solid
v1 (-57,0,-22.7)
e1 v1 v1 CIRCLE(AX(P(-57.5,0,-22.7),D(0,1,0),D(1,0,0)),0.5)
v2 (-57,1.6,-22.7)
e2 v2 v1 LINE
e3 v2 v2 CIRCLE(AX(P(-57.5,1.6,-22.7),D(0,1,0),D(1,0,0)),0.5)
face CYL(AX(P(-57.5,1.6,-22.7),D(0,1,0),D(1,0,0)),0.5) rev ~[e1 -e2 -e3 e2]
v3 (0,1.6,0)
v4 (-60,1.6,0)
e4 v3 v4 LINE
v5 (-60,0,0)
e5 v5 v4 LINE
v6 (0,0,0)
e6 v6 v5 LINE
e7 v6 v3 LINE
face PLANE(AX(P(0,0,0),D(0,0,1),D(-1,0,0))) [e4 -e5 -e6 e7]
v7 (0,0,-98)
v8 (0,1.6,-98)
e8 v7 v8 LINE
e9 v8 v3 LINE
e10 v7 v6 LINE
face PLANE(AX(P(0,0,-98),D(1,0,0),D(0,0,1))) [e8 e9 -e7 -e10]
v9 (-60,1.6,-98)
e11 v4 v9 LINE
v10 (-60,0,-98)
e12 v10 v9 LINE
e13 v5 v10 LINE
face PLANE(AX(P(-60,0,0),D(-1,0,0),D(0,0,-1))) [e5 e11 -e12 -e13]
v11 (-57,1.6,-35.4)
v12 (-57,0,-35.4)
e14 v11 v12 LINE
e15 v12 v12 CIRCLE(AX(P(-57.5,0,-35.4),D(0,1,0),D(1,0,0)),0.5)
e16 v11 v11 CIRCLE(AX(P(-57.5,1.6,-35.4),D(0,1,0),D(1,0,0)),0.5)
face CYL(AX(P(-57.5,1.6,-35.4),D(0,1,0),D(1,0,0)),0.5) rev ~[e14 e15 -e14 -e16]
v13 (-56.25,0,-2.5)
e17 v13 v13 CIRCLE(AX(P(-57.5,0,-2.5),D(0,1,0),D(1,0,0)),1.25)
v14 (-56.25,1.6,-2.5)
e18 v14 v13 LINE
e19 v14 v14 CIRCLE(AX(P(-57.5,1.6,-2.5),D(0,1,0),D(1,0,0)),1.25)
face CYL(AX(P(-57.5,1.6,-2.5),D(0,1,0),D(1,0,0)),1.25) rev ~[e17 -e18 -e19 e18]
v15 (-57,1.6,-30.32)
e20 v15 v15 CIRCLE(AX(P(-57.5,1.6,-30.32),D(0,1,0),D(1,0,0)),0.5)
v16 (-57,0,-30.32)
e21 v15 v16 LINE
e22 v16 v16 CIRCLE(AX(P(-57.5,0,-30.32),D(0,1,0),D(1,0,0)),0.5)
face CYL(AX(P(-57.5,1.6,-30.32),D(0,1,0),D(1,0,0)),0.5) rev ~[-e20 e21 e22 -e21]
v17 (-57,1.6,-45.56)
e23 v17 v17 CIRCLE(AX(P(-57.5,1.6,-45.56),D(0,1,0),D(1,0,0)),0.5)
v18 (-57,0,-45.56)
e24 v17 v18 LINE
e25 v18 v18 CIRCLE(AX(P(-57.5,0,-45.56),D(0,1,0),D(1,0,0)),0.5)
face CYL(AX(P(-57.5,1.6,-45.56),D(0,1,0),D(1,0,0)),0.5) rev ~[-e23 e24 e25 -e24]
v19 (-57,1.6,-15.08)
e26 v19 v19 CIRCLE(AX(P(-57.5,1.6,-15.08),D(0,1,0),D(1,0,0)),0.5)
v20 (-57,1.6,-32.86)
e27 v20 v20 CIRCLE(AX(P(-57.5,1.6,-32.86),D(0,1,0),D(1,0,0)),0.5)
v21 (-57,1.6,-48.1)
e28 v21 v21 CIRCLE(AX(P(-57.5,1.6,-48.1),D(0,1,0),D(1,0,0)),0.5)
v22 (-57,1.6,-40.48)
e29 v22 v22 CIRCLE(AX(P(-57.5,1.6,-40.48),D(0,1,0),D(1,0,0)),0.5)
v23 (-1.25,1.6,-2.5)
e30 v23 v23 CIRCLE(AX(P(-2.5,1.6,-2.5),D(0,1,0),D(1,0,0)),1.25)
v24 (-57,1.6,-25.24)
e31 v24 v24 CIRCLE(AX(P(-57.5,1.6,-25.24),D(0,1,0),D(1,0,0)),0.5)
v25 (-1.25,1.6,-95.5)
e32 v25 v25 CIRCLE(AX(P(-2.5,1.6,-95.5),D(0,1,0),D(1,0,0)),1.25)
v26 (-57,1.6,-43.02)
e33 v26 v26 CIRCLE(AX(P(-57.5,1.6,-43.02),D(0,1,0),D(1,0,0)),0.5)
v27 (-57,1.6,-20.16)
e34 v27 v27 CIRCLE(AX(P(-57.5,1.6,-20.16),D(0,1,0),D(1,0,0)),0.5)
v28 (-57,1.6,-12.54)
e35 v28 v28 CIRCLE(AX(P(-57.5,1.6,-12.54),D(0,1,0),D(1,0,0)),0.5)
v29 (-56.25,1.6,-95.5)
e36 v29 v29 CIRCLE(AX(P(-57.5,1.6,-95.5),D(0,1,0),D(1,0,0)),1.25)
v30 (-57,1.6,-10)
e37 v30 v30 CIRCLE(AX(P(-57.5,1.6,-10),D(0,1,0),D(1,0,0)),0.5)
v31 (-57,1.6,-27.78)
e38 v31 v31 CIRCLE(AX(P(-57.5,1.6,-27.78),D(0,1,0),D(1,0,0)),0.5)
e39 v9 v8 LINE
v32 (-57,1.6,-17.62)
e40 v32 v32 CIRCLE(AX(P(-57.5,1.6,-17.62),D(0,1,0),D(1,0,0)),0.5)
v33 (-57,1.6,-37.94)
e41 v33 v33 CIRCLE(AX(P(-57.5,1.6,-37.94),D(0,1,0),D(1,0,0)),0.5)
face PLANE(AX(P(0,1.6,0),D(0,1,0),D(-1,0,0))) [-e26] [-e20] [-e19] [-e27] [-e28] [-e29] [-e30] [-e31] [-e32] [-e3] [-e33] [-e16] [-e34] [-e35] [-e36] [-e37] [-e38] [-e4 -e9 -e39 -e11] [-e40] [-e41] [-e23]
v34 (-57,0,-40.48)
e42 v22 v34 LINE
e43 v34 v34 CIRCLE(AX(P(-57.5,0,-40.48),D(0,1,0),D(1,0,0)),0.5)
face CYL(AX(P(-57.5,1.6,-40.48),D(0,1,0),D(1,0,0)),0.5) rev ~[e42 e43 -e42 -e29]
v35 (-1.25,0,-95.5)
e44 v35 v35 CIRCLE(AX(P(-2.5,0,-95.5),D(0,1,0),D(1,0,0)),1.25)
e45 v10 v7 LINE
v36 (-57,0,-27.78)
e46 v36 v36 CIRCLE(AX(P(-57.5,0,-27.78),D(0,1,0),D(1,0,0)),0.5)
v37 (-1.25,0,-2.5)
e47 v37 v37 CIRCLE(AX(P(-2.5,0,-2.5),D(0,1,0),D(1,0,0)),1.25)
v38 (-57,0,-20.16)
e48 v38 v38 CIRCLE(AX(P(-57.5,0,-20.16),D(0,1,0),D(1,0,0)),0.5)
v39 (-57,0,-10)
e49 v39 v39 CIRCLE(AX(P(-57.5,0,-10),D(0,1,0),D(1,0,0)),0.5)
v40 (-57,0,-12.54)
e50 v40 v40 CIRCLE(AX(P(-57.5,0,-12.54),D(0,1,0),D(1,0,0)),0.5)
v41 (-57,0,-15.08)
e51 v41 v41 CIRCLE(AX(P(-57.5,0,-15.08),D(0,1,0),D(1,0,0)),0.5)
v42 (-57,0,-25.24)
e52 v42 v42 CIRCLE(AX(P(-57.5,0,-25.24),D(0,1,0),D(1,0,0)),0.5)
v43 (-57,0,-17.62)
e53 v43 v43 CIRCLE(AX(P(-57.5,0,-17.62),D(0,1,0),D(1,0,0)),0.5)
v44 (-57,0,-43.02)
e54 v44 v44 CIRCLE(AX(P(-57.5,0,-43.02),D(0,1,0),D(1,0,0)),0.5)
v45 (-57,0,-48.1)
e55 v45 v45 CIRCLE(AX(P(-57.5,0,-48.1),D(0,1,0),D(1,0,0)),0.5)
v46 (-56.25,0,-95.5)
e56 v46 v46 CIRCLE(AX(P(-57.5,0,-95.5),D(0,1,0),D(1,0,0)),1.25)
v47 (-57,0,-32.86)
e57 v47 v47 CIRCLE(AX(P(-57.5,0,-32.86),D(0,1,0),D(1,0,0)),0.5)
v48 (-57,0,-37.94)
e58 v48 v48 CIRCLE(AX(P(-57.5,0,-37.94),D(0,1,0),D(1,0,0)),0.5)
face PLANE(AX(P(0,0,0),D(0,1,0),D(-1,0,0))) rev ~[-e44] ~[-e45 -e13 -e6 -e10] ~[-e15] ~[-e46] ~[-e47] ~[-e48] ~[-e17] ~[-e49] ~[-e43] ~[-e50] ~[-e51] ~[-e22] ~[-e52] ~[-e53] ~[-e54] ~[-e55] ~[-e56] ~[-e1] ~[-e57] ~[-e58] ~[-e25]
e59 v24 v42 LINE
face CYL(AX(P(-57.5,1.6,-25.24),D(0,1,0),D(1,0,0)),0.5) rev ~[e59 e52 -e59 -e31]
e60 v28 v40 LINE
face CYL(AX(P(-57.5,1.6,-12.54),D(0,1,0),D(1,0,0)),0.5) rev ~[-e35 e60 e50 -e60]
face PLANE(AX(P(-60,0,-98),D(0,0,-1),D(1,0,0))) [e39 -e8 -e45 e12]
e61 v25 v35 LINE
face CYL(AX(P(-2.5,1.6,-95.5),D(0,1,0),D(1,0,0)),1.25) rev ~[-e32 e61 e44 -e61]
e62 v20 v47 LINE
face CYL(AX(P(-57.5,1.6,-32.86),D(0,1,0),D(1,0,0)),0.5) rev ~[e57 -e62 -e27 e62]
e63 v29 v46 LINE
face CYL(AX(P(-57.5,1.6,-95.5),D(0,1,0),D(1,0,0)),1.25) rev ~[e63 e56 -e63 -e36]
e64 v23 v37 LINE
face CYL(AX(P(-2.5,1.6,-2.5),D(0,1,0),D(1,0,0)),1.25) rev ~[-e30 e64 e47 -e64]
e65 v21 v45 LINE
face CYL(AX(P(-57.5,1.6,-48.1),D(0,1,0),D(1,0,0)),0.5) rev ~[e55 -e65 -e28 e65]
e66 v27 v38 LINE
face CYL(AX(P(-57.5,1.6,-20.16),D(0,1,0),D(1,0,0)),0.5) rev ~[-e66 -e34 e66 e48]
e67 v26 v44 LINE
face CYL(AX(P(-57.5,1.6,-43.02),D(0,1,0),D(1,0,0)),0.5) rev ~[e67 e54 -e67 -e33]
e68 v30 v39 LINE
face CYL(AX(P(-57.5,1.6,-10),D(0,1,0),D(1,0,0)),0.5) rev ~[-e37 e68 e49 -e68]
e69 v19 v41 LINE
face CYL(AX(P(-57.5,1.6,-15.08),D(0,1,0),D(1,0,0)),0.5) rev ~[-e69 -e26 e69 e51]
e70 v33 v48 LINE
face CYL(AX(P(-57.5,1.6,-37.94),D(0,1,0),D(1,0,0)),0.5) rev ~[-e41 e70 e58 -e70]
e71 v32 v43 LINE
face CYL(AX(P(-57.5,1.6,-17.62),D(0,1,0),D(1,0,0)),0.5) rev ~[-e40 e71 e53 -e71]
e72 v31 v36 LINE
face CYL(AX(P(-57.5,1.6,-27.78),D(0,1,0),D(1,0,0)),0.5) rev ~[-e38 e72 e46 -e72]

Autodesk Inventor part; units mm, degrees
ref_plane "YZ Plane" through (0, 0, 0) normal (1, 0, 0) x (0, 1, 0)
ref_plane "XZ Plane" through (0, 0, 0) normal (0, 1, 0) x (-1, 0, 0)
ref_plane "XY Plane" through (0, 0, 0) normal (0, 0, 1) x (1, 0, 0)
sketch "PCB" plane through (0, 0, 0) normal (0, 1, 0) x (-1, 0, 0)
  line L0 (0, 0) -> (60, 0)
  line L1 (60, 0) -> (60, -98)
  line L2 (60, -98) -> (0, -98)
  line L3 (0, -98) -> (0, 0)
  dimension "d0" = 98
  dimension "d1" = 60
extrude "PCB_Extr" add sketch "PCB" along normal blind 1.6
sketch "Mounting" plane through (0, 1.6, 0) normal (0, 1, 0) x (1, 0, 0)
  circle A0 centre (-57.5, 2.5) radius 1.25
  circle A1 centre (-57.5, 95.5) radius 1.25
  circle A2 centre (-2.5, 95.5) radius 1.25
  circle A3 centre (-2.5, 2.5) radius 1.25
  line L0 (-60, 0) -> (0, 0) projected
  line L1 (-60, 98) -> (-60, 0) projected
  line L2 (0, 98) -> (-60, 98) projected
  line L3 (0, 0) -> (0, 98) projected
  dimension "d4" = 2.5
  dimension "d5" = 2.5
  dimension "d6" = 2.5
  dimension "d7" = 2.5
  dimension "d8" = 2.5
  dimension "d9" = 2.5
  dimension "d10" = 2.5
  dimension "d11" = 2.5
  dimension "d12" = 2.5
  dimension "d13" = 2.5
  dimension "d14" = 2.5
  dimension "d15" = 2.5
extrude "Mounting_Extr" cut sketch "Mounting" against normal through all contours A0 | A1 | A2 | A3
sketch "Pinning" plane through (0, 1.6, 0) normal (0, 1, 0) x (1, 0, 0)
  circle A0 centre (-57.5, 10) radius 0.5
  circle A1 centre (-57.5, 12.54) radius 0.5
  circle A2 centre (-57.5, 15.08) radius 0.5
  circle A3 centre (-57.5, 25.24) radius 0.5
  circle A4 centre (-57.5, 20.16) radius 0.5
  circle A5 centre (-57.5, 27.78) radius 0.5
  circle A6 centre (-57.5, 22.7) radius 0.5
  circle A7 centre (-57.5, 17.62) radius 0.5
  line L0 (-60, 0) -> (0, 0) projected
  line L1 (-60, 98) -> (-60, 0) projected
  line L2 (-59.0965, 29.05) -> (-55.5485, 29.05)
  circle A8 centre (-57.5, 48.1) radius 0.5
  circle A9 centre (-57.5, 45.56) radius 0.5
  circle A10 centre (-57.5, 43.02) radius 0.5
  circle A11 centre (-57.5, 32.86) radius 0.5
  circle A12 centre (-57.5, 37.94) radius 0.5
  circle A13 centre (-57.5, 30.32) radius 0.5
  circle A14 centre (-57.5, 35.4) radius 0.5
  circle A15 centre (-57.5, 40.48) radius 0.5
  dimension "d18" = 1
  dimension "d19" = 1
  dimension "d20" = 1
  dimension "d21" = 1
  dimension "d22" = 1
  dimension "d23" = 1
  dimension "d24" = 1
  dimension "d25" = 1
  dimension "d26" = 10
  dimension "d27" = 2.5
  dimension "d28" = 2.54
  dimension "d29" = 2.54
  dimension "d30" = 2.54
  dimension "d31" = 2.54
  dimension "d32" = 2.54
  dimension "d33" = 2.54
  dimension "d34" = 2.54
  dimension "d38" = 1.27
extrude "Pinning_Extr" cut sketch "Pinning" against normal through all
equation "\"d5\" = d4"
equation "\"d6\" = d4"
equation "\"d7\" = d4"
equation "\"d9\" = d8"
equation "\"d10\" = d8"
equation "\"d11\" = d8"
equation "\"d12\" = d8"
equation "\"d13\" = d8"
equation "\"d14\" = d8"
equation "\"d15\" = d8"
equation "\"d19\" = d18"
equation "\"d20\" = d18"
equation "\"d21\" = d18"
equation "\"d22\" = d18"
equation "\"d23\" = d18"
equation "\"d24\" = d18"
equation "\"d25\" = d18"
equation "\"d29\" = d28"
equation "\"d30\" = d28"
equation "\"d31\" = d28"
equation "\"d32\" = d28"
equation "\"d33\" = d28"
equation "\"d34\" = d28"
properties part number "Mounting_PCB"
